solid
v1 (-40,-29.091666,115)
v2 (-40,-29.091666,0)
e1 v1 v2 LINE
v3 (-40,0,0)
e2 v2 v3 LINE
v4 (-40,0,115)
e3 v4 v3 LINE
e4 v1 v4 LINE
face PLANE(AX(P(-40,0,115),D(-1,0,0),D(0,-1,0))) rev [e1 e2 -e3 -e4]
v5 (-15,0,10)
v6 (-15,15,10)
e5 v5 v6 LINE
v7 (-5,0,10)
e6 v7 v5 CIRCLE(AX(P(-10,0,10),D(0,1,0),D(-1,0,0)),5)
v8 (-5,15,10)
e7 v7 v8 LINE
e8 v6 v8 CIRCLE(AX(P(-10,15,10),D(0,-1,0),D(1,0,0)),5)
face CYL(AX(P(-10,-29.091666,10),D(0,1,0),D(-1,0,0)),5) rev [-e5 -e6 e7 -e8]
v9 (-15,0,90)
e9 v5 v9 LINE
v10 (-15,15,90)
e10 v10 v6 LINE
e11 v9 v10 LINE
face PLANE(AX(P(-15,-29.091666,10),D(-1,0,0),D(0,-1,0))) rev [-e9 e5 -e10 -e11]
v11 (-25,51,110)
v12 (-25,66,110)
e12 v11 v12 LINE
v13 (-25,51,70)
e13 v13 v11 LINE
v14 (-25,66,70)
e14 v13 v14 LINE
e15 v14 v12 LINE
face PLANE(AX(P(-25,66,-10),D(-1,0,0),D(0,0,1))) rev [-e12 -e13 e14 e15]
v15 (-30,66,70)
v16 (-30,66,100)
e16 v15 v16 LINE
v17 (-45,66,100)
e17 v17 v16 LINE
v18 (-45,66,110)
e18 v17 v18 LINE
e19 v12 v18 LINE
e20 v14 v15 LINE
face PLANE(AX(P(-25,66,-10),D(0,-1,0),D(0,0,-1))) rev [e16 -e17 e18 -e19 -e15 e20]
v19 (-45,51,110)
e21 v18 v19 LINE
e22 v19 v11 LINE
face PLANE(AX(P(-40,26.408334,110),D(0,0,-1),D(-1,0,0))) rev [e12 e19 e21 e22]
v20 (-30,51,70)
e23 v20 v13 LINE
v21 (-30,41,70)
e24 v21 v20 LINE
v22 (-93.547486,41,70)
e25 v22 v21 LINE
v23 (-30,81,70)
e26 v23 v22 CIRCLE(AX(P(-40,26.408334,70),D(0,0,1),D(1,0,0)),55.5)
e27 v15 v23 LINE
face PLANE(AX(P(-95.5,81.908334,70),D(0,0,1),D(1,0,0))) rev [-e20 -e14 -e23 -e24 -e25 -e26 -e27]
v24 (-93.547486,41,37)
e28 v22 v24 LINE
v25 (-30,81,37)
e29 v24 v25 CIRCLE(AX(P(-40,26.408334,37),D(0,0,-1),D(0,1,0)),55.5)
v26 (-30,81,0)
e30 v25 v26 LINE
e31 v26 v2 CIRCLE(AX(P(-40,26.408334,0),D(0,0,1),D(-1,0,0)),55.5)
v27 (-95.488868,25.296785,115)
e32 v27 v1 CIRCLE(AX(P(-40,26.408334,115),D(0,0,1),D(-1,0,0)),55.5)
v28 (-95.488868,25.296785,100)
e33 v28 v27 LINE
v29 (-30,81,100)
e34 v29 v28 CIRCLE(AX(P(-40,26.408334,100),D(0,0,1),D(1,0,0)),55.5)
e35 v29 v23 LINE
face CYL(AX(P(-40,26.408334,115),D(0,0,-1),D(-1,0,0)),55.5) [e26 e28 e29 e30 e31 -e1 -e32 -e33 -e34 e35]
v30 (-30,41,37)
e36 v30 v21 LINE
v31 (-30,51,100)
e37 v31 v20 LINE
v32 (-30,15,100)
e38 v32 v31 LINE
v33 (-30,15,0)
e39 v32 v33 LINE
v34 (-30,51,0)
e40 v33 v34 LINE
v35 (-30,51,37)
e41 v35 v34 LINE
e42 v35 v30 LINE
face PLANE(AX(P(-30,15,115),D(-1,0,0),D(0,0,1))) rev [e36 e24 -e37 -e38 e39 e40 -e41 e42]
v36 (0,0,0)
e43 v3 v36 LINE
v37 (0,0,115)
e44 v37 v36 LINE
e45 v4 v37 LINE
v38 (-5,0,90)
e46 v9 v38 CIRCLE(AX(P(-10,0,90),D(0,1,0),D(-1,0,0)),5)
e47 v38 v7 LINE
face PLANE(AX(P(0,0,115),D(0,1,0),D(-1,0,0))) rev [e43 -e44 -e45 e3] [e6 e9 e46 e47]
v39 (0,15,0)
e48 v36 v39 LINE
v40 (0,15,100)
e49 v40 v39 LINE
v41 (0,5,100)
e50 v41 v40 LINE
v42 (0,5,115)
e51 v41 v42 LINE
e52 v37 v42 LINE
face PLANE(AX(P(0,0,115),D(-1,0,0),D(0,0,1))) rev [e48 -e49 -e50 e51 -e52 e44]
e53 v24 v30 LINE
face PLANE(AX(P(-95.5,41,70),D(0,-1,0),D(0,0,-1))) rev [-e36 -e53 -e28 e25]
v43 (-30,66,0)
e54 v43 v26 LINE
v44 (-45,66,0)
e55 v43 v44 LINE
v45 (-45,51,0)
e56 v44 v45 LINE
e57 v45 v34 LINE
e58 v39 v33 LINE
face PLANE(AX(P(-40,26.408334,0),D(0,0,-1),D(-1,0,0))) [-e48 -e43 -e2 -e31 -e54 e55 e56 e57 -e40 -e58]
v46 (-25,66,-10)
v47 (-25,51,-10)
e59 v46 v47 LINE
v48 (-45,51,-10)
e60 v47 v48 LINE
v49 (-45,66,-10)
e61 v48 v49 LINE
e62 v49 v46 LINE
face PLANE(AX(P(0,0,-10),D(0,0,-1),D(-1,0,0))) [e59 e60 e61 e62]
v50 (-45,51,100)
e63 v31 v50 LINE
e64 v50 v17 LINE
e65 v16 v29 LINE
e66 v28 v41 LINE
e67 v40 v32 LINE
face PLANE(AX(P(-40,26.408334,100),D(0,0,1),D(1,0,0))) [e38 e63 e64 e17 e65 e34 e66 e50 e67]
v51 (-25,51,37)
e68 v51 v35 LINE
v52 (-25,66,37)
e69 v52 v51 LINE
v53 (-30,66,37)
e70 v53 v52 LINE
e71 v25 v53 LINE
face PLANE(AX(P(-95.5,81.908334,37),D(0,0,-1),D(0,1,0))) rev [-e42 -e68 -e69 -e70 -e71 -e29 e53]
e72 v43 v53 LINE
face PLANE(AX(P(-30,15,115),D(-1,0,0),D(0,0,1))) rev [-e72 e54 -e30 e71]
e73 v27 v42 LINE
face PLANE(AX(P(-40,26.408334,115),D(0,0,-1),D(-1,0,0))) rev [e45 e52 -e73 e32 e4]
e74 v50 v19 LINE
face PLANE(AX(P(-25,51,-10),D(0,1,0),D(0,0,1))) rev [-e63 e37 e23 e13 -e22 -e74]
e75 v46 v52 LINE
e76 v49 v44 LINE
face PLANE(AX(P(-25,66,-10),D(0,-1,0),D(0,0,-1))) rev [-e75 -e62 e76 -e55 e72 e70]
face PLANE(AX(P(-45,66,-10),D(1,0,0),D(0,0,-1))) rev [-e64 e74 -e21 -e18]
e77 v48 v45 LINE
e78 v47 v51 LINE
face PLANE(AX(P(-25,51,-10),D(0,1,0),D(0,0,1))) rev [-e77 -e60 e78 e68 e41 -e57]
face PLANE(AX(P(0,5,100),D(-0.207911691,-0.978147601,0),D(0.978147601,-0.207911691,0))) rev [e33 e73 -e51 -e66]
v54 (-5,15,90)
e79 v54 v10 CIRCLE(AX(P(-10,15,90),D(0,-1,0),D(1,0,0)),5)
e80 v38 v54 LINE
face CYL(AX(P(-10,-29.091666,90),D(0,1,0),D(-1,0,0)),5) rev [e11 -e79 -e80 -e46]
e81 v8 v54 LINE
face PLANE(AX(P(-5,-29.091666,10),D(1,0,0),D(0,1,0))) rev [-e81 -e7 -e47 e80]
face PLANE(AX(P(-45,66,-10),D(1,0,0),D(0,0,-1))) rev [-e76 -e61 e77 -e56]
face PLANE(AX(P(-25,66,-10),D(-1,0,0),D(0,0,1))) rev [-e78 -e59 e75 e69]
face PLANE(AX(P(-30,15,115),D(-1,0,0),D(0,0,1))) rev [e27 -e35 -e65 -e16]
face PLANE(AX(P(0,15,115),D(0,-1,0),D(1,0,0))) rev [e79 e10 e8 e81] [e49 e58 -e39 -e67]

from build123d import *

# Parameters (mm, degrees)
BOSS_EXTRUDE1_DEPTH      = 115
CUT_EXTRUDE1_START       = -15
CUT_EXTRUDE1_DEPTH       = 15
BOSS_EXTRUDE2_DEPTH      = 10
BOSS_EXTRUDE2_DEPTH_BACK = 110
SKETCH3_W                = 20
SKETCH3_H                = 15
CUT_EXTRUDE4_DEPTH       = 156.641335042
CUT_EXTRUDE4_DEPTH_BACK  = 156.641335042
SKETCH4_W                = 33
SKETCH4_H                = 40.908333969
CUT_EXTRUDE5_DEPTH       = 164.774158995
CUT_EXTRUDE5_DEPTH_BACK  = 164.774158995


with BuildPart() as part:
    # Sketch1 → Boss-Extrude1 (new body)
    with BuildSketch(Plane.XY):
        with BuildLine():
            Line((0, 0), (-40, 0))
            Line((-40, 0), (-40, -29.091666031))
            ThreePointArc((-40, -29.091666031), (-95.27245003, 31.428918363), (-30, 81))
            Line((-30, 81), (-30, 15))
            Line((-30, 15), (0, 15))
            Line((0, 15), (0, 0))
        make_face()
    extrude(amount=BOSS_EXTRUDE1_DEPTH)

    # Sketch2 → Cut-Extrude1 (cut)
    with BuildSketch(Plane.XY.offset(115).offset(CUT_EXTRUDE1_START)):
        with BuildLine():
            Line((0, 5), (-95.488867891, 25.296785437))
            ThreePointArc((-95.488867891, 25.296785437), (-75.958605419, 68.683961656), (-30, 81))
            Line((-30, 81), (-30, 15))
            Line((-30, 15), (0, 15))
            Line((0, 15), (0, 5))
        make_face()
    extrude(amount=CUT_EXTRUDE1_DEPTH, mode=Mode.SUBTRACT)

    # Sketch3 → Boss-Extrude2 (add, two sides: drawn at the far end of the back side and taken through both)
    with BuildSketch(Plane(origin=(0, 0, 0), x_dir=(-1, 0, 0), z_dir=(0, 0, -1)).offset(-BOSS_EXTRUDE2_DEPTH_BACK)):
        with Locations((35, 58.5)):
            Rectangle(SKETCH3_W, SKETCH3_H)
    extrude(amount=BOSS_EXTRUDE2_DEPTH + BOSS_EXTRUDE2_DEPTH_BACK)

    # Sketch4 → Cut-Extrude4 (cut, two sides: drawn at the far end of the back side and taken through both)
    with BuildSketch(Plane(origin=(-30, 0, 0), x_dir=(0, 0, -1), z_dir=(1, 0, 0)).offset(-CUT_EXTRUDE4_DEPTH_BACK)):
        with Locations((-53.5, 61.454166985)):
            Rectangle(SKETCH4_W, SKETCH4_H)
    extrude(amount=CUT_EXTRUDE4_DEPTH + CUT_EXTRUDE4_DEPTH_BACK, mode=Mode.SUBTRACT)

    # Sketch5 → Cut-Extrude5 (cut, two sides: drawn at the far end of the back side and taken through both)
    with BuildSketch(Plane(origin=(0, 15, 0), x_dir=(1, 0, 0), z_dir=(0, 1, 0)).offset(-CUT_EXTRUDE5_DEPTH_BACK)):
        with BuildLine():
            Line((-5, -10), (-5, -90))
            ThreePointArc((-5, -90), (-10, -95), (-15, -90))
            Line((-15, -90), (-15, -10))
            ThreePointArc((-15, -10), (-10, -5), (-5, -10))
        make_face()
    extrude(amount=CUT_EXTRUDE5_DEPTH + CUT_EXTRUDE5_DEPTH_BACK, mode=Mode.SUBTRACT)


solid = part.part
